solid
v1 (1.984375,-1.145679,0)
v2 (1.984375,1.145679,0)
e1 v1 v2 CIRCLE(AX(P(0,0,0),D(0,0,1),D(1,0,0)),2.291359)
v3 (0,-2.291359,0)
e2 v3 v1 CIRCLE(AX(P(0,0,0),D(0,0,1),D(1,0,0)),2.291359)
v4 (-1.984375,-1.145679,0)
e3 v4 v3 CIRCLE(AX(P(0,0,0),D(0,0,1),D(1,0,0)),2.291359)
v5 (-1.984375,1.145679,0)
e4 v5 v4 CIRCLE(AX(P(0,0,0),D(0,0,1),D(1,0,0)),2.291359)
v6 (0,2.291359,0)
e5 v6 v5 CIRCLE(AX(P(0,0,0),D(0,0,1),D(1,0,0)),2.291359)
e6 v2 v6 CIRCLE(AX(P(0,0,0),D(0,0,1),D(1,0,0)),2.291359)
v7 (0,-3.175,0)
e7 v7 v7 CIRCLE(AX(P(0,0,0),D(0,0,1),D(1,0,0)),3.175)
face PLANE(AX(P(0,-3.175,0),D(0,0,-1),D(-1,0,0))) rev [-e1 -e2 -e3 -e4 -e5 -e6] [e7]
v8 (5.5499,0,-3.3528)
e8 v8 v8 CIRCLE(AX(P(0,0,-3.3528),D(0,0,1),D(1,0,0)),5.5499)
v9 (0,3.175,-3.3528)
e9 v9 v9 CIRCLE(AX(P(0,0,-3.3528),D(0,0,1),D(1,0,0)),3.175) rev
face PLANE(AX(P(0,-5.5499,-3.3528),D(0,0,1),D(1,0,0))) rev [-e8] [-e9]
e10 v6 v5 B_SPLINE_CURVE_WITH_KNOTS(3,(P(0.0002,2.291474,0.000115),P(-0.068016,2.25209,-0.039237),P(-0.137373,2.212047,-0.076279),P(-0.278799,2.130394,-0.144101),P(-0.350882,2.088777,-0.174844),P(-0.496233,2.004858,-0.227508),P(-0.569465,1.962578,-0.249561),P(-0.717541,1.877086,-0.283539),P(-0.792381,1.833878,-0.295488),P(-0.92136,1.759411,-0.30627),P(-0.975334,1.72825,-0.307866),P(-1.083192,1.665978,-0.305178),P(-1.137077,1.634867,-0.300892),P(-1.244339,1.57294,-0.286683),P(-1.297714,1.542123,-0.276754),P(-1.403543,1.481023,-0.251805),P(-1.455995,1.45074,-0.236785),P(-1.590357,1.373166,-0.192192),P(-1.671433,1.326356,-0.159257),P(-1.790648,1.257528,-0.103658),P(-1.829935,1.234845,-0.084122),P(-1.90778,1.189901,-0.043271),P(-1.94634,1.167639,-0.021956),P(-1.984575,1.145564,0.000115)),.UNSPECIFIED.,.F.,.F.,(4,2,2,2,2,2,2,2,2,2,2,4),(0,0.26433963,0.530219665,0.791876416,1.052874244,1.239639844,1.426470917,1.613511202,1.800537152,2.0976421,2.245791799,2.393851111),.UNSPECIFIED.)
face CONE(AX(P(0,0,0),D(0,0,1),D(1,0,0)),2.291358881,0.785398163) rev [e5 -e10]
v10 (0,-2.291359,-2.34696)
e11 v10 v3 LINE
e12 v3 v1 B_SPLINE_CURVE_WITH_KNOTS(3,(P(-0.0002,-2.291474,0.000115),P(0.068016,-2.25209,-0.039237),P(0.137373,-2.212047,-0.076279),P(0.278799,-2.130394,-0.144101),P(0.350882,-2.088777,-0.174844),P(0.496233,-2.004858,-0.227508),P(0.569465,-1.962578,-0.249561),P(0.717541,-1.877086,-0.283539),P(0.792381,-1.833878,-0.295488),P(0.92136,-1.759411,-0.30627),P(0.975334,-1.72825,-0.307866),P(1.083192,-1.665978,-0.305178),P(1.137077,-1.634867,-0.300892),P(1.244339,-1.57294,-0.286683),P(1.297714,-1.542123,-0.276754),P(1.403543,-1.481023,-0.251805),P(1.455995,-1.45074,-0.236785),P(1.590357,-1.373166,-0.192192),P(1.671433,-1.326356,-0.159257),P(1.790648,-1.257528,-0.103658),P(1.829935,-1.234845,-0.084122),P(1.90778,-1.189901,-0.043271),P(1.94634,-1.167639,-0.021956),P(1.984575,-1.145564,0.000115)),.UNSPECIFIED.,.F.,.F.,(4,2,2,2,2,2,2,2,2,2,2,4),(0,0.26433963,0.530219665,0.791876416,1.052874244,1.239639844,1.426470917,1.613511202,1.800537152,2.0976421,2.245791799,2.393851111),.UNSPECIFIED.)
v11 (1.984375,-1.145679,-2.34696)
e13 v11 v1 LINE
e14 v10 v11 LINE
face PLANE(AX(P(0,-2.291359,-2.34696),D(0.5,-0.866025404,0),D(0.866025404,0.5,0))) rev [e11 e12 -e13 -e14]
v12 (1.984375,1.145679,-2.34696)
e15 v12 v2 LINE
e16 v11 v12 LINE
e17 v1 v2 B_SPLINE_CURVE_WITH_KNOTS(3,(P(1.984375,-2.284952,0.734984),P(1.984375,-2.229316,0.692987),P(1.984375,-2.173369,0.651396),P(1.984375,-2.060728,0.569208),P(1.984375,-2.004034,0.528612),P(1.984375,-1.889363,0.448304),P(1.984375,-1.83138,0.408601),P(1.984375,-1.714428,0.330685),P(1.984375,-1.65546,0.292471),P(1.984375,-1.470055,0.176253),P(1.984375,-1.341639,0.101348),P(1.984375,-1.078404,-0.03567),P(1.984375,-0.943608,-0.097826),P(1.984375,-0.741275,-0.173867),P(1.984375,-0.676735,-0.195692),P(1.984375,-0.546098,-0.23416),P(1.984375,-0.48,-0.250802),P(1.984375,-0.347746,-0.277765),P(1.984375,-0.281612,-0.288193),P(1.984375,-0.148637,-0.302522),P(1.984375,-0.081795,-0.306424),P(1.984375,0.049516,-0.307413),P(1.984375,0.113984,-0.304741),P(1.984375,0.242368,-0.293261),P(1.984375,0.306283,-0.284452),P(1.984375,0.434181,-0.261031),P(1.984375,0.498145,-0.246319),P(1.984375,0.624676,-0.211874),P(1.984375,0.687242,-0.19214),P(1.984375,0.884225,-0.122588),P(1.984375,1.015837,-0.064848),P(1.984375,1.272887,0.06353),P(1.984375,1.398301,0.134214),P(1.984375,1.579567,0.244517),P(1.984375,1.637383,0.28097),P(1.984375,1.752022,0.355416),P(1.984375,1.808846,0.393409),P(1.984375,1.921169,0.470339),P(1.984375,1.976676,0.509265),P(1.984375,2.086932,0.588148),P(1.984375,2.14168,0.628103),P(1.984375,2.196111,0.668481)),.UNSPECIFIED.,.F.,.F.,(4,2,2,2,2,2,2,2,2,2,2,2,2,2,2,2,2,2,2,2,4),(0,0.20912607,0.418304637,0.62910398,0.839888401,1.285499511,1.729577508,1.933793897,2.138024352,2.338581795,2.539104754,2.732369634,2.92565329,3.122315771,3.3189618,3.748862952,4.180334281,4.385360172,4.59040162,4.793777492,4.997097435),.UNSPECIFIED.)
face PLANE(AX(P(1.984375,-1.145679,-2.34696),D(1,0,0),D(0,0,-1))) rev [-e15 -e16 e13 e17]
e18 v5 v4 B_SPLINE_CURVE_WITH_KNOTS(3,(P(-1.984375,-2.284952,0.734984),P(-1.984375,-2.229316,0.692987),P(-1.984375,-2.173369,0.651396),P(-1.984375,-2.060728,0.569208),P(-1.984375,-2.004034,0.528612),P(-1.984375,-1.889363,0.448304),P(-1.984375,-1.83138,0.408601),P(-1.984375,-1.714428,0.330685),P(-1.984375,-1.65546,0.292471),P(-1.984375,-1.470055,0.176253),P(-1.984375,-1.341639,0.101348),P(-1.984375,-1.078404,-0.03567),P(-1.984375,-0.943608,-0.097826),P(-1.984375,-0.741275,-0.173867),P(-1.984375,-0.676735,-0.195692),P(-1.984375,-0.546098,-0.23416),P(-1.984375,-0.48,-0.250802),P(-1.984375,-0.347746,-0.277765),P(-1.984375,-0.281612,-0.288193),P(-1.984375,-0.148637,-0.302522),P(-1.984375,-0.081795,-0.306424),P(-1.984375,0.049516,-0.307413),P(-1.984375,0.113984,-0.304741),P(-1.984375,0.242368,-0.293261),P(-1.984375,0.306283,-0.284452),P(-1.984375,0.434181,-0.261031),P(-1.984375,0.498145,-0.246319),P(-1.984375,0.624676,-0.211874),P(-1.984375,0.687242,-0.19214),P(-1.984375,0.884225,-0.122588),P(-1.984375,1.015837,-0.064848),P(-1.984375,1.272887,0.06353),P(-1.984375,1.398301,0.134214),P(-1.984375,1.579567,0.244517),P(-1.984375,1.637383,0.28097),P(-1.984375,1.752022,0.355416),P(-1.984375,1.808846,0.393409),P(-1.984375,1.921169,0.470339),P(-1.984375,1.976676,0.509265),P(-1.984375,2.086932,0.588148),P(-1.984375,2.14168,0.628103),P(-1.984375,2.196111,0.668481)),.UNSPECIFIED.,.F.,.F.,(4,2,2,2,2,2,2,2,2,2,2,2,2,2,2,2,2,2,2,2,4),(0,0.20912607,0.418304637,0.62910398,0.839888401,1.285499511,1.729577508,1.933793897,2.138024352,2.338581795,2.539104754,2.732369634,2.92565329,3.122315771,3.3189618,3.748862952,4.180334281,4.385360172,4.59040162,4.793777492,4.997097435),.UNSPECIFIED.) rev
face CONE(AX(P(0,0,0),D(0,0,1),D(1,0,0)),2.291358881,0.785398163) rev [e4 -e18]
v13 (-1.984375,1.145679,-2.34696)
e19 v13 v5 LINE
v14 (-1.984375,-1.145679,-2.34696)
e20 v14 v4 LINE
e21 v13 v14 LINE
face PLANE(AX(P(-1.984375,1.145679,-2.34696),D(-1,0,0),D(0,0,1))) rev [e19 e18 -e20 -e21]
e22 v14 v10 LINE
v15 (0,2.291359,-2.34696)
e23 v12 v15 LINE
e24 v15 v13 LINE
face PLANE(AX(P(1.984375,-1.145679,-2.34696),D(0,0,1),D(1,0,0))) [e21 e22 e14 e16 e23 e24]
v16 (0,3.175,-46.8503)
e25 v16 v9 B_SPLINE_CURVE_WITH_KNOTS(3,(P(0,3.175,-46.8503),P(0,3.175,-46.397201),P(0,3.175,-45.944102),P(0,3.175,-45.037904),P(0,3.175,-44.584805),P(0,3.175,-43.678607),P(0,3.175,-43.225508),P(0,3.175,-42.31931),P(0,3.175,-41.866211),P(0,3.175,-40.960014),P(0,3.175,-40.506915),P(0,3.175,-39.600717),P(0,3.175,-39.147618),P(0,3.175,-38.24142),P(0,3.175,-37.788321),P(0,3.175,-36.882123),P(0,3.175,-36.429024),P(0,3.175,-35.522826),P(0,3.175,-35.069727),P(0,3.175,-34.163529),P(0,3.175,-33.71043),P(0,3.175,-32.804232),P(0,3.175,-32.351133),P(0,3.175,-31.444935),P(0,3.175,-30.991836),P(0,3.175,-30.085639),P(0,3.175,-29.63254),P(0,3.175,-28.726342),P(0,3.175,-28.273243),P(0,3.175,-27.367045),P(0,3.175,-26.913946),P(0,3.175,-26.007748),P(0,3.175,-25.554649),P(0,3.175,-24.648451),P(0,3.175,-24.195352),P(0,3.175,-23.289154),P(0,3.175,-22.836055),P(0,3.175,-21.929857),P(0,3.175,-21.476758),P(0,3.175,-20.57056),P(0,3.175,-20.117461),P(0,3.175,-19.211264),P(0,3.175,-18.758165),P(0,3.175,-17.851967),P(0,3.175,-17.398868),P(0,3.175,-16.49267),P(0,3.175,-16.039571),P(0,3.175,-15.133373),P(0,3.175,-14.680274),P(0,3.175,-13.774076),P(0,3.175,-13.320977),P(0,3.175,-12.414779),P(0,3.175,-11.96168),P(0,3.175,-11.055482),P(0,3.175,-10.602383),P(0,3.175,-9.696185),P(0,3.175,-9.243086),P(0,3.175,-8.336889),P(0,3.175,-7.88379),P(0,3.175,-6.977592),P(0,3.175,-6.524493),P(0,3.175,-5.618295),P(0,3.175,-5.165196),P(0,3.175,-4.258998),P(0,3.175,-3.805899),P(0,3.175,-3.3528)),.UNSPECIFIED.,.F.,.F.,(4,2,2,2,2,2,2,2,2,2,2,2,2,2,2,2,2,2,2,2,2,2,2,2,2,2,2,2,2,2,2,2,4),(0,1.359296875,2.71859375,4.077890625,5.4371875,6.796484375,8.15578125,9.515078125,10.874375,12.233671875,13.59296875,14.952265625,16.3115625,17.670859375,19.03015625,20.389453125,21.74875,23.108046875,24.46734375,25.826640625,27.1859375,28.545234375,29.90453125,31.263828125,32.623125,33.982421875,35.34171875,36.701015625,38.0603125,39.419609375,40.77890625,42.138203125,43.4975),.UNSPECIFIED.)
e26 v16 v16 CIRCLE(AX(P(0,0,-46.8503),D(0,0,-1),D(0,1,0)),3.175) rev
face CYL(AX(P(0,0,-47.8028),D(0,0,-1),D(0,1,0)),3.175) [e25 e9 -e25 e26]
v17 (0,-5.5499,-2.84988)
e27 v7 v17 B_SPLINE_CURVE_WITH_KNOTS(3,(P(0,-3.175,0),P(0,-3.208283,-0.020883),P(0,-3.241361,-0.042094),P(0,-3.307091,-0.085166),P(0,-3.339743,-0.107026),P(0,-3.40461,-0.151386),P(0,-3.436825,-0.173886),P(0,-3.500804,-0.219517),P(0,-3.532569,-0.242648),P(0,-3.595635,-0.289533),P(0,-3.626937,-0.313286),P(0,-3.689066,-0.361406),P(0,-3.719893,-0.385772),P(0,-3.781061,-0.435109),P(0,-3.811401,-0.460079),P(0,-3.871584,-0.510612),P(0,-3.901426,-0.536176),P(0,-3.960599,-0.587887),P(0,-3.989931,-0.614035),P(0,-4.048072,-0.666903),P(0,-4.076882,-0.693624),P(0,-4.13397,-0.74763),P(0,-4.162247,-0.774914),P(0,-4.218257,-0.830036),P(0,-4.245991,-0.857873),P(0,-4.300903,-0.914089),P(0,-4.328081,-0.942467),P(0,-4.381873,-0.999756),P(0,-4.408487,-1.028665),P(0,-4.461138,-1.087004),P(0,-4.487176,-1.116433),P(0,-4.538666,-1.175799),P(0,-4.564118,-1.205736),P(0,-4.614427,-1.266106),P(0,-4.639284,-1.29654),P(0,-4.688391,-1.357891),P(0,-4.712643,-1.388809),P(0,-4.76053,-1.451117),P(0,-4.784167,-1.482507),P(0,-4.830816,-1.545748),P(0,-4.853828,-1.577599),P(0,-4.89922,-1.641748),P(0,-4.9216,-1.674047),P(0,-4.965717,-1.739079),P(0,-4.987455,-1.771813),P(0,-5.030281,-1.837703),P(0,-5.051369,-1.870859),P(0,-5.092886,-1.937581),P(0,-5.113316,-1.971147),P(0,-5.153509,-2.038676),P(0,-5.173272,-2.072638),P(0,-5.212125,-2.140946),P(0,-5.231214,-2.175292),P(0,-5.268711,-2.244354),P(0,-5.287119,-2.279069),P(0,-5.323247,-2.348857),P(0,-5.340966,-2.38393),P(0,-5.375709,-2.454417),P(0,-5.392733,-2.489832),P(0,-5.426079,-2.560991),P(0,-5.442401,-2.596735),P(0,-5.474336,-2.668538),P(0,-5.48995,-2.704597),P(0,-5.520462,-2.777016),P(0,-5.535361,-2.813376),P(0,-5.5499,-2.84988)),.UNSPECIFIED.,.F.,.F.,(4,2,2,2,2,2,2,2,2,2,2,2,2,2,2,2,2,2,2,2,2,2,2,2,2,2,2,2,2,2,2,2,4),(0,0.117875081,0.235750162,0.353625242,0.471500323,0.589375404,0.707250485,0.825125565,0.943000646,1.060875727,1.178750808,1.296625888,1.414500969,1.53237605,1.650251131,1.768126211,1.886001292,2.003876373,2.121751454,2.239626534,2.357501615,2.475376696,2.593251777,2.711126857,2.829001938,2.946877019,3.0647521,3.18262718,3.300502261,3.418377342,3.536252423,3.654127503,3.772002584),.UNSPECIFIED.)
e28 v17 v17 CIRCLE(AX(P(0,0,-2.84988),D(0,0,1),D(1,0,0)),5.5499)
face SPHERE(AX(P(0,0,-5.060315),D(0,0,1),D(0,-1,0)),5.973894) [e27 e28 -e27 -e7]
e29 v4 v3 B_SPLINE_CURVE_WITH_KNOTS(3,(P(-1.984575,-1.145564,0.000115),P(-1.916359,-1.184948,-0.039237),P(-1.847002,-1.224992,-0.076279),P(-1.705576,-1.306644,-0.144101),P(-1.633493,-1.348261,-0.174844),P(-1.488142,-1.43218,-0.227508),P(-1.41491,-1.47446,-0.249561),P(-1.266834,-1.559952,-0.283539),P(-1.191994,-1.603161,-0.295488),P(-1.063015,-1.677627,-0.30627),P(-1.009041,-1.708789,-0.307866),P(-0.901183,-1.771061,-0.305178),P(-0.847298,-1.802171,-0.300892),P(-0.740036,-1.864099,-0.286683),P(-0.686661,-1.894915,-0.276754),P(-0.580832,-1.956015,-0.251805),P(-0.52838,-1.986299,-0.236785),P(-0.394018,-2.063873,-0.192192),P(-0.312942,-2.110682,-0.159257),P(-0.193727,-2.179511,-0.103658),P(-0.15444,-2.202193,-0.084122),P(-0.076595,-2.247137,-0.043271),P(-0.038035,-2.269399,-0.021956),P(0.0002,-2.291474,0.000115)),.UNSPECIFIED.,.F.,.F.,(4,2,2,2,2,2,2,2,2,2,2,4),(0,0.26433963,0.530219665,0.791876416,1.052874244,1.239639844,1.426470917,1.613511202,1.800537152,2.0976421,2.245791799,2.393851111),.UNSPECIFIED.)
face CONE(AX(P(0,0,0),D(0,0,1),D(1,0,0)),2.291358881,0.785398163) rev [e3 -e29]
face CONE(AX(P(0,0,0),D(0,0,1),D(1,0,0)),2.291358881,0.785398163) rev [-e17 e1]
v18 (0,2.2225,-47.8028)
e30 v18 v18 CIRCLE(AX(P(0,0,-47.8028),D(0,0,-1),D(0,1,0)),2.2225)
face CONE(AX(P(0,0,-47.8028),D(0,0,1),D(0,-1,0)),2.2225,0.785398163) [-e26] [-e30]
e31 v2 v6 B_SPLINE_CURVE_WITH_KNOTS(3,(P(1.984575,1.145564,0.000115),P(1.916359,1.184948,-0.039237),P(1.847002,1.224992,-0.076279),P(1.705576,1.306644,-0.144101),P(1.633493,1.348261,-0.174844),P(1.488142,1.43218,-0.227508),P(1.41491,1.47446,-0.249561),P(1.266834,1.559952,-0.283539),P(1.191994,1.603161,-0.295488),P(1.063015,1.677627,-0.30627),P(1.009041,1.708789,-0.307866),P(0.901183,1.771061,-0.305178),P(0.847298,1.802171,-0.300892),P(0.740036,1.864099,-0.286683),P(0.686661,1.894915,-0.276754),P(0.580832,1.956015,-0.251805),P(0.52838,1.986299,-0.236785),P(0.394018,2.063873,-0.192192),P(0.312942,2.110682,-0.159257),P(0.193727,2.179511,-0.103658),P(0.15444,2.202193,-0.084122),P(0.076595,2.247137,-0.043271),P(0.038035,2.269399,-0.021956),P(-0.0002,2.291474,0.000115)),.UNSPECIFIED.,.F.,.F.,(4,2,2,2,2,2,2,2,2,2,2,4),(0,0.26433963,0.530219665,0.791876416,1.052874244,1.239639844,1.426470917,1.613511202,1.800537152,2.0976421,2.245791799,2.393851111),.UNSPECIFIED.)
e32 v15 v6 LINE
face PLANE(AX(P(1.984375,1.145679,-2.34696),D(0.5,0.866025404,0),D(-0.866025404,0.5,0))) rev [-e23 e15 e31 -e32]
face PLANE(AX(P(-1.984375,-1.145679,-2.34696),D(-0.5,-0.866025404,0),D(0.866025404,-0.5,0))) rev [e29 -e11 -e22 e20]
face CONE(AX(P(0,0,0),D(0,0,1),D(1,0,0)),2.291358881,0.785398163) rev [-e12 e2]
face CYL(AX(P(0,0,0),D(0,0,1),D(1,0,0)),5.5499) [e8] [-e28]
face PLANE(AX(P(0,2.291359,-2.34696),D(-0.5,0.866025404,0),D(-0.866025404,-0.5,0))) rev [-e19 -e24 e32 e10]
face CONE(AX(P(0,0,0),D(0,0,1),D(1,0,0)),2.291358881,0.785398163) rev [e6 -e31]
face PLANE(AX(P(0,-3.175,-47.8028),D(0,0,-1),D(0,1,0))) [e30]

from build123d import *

# Parameters (mm, degrees)
SKETCH1_W          = 44.45
SKETCH1_H          = 3.175
CHAMFER1_SIZE      = 0.9525
CUT_EXTRUDE2_DEPTH = 2.34696


with BuildPart() as part:
    # Sketch1 → Revolve1 (revolve)
    with BuildSketch(Plane(origin=(0, 0, 0), x_dir=(0, 0, -1), z_dir=(1, 0, 0))):
        with Locations((25.5778, 1.5875)):
            Rectangle(SKETCH1_W, SKETCH1_H)
    revolve(axis=Axis((0, 0, -47.8028), (0, 0, 1)))

    # Chamfer1
    chamfer1_edges = [part.edges().sort_by_distance(p)[0] for p in [
        (0, -3.175, -47.8028),
    ]]
    chamfer(chamfer1_edges, length=CHAMFER1_SIZE)

    # Sketch7 → Revolve2 (revolve)
    with BuildSketch(Plane(origin=(0, 0, 0), x_dir=(0, 0, -1), z_dir=(1, 0, 0))):
        with BuildLine():
            Line((2.84988, 5.5499), (3.3528, 5.5499))
            Line((3.3528, 5.5499), (3.3528, 0))
            Line((3.3528, 0), (0, 0))
            Line((0, 0), (0, 3.175))
            ThreePointArc((0, 3.175), (1.235921075, 4.58927271), (2.84988, 5.5499))
        make_face()
    revolve(axis=Axis((0, 0, 0), (0, 0, -1)))

    # Sketch5 → Cut-Extrude2 (cut)
    with BuildSketch(Plane.XY):
        Polygon((1.984375, -1.14567944), (1.984375, 1.14567944), (0, 2.291358881), (-1.984375, 1.14567944), (-1.984375, -1.14567944), (0, -2.291358881), align=None)
    extrude(amount=-CUT_EXTRUDE2_DEPTH, mode=Mode.SUBTRACT)

    # Cut-Extrude3 cone 1 section (through the dimple's axis) → Cut-Extrude3 (revolve, cut)
    with BuildSketch(Plane(origin=(0, 0, 0), x_dir=(0, -1, 0), z_dir=(1, 0, 0))):
        Polygon((0, 0), (2.291358881, 0), (0, 2.291358881), align=None)
    revolve(axis=Axis((0, 0, 0), (0, 0, -1)), mode=Mode.SUBTRACT)


solid = part.part
